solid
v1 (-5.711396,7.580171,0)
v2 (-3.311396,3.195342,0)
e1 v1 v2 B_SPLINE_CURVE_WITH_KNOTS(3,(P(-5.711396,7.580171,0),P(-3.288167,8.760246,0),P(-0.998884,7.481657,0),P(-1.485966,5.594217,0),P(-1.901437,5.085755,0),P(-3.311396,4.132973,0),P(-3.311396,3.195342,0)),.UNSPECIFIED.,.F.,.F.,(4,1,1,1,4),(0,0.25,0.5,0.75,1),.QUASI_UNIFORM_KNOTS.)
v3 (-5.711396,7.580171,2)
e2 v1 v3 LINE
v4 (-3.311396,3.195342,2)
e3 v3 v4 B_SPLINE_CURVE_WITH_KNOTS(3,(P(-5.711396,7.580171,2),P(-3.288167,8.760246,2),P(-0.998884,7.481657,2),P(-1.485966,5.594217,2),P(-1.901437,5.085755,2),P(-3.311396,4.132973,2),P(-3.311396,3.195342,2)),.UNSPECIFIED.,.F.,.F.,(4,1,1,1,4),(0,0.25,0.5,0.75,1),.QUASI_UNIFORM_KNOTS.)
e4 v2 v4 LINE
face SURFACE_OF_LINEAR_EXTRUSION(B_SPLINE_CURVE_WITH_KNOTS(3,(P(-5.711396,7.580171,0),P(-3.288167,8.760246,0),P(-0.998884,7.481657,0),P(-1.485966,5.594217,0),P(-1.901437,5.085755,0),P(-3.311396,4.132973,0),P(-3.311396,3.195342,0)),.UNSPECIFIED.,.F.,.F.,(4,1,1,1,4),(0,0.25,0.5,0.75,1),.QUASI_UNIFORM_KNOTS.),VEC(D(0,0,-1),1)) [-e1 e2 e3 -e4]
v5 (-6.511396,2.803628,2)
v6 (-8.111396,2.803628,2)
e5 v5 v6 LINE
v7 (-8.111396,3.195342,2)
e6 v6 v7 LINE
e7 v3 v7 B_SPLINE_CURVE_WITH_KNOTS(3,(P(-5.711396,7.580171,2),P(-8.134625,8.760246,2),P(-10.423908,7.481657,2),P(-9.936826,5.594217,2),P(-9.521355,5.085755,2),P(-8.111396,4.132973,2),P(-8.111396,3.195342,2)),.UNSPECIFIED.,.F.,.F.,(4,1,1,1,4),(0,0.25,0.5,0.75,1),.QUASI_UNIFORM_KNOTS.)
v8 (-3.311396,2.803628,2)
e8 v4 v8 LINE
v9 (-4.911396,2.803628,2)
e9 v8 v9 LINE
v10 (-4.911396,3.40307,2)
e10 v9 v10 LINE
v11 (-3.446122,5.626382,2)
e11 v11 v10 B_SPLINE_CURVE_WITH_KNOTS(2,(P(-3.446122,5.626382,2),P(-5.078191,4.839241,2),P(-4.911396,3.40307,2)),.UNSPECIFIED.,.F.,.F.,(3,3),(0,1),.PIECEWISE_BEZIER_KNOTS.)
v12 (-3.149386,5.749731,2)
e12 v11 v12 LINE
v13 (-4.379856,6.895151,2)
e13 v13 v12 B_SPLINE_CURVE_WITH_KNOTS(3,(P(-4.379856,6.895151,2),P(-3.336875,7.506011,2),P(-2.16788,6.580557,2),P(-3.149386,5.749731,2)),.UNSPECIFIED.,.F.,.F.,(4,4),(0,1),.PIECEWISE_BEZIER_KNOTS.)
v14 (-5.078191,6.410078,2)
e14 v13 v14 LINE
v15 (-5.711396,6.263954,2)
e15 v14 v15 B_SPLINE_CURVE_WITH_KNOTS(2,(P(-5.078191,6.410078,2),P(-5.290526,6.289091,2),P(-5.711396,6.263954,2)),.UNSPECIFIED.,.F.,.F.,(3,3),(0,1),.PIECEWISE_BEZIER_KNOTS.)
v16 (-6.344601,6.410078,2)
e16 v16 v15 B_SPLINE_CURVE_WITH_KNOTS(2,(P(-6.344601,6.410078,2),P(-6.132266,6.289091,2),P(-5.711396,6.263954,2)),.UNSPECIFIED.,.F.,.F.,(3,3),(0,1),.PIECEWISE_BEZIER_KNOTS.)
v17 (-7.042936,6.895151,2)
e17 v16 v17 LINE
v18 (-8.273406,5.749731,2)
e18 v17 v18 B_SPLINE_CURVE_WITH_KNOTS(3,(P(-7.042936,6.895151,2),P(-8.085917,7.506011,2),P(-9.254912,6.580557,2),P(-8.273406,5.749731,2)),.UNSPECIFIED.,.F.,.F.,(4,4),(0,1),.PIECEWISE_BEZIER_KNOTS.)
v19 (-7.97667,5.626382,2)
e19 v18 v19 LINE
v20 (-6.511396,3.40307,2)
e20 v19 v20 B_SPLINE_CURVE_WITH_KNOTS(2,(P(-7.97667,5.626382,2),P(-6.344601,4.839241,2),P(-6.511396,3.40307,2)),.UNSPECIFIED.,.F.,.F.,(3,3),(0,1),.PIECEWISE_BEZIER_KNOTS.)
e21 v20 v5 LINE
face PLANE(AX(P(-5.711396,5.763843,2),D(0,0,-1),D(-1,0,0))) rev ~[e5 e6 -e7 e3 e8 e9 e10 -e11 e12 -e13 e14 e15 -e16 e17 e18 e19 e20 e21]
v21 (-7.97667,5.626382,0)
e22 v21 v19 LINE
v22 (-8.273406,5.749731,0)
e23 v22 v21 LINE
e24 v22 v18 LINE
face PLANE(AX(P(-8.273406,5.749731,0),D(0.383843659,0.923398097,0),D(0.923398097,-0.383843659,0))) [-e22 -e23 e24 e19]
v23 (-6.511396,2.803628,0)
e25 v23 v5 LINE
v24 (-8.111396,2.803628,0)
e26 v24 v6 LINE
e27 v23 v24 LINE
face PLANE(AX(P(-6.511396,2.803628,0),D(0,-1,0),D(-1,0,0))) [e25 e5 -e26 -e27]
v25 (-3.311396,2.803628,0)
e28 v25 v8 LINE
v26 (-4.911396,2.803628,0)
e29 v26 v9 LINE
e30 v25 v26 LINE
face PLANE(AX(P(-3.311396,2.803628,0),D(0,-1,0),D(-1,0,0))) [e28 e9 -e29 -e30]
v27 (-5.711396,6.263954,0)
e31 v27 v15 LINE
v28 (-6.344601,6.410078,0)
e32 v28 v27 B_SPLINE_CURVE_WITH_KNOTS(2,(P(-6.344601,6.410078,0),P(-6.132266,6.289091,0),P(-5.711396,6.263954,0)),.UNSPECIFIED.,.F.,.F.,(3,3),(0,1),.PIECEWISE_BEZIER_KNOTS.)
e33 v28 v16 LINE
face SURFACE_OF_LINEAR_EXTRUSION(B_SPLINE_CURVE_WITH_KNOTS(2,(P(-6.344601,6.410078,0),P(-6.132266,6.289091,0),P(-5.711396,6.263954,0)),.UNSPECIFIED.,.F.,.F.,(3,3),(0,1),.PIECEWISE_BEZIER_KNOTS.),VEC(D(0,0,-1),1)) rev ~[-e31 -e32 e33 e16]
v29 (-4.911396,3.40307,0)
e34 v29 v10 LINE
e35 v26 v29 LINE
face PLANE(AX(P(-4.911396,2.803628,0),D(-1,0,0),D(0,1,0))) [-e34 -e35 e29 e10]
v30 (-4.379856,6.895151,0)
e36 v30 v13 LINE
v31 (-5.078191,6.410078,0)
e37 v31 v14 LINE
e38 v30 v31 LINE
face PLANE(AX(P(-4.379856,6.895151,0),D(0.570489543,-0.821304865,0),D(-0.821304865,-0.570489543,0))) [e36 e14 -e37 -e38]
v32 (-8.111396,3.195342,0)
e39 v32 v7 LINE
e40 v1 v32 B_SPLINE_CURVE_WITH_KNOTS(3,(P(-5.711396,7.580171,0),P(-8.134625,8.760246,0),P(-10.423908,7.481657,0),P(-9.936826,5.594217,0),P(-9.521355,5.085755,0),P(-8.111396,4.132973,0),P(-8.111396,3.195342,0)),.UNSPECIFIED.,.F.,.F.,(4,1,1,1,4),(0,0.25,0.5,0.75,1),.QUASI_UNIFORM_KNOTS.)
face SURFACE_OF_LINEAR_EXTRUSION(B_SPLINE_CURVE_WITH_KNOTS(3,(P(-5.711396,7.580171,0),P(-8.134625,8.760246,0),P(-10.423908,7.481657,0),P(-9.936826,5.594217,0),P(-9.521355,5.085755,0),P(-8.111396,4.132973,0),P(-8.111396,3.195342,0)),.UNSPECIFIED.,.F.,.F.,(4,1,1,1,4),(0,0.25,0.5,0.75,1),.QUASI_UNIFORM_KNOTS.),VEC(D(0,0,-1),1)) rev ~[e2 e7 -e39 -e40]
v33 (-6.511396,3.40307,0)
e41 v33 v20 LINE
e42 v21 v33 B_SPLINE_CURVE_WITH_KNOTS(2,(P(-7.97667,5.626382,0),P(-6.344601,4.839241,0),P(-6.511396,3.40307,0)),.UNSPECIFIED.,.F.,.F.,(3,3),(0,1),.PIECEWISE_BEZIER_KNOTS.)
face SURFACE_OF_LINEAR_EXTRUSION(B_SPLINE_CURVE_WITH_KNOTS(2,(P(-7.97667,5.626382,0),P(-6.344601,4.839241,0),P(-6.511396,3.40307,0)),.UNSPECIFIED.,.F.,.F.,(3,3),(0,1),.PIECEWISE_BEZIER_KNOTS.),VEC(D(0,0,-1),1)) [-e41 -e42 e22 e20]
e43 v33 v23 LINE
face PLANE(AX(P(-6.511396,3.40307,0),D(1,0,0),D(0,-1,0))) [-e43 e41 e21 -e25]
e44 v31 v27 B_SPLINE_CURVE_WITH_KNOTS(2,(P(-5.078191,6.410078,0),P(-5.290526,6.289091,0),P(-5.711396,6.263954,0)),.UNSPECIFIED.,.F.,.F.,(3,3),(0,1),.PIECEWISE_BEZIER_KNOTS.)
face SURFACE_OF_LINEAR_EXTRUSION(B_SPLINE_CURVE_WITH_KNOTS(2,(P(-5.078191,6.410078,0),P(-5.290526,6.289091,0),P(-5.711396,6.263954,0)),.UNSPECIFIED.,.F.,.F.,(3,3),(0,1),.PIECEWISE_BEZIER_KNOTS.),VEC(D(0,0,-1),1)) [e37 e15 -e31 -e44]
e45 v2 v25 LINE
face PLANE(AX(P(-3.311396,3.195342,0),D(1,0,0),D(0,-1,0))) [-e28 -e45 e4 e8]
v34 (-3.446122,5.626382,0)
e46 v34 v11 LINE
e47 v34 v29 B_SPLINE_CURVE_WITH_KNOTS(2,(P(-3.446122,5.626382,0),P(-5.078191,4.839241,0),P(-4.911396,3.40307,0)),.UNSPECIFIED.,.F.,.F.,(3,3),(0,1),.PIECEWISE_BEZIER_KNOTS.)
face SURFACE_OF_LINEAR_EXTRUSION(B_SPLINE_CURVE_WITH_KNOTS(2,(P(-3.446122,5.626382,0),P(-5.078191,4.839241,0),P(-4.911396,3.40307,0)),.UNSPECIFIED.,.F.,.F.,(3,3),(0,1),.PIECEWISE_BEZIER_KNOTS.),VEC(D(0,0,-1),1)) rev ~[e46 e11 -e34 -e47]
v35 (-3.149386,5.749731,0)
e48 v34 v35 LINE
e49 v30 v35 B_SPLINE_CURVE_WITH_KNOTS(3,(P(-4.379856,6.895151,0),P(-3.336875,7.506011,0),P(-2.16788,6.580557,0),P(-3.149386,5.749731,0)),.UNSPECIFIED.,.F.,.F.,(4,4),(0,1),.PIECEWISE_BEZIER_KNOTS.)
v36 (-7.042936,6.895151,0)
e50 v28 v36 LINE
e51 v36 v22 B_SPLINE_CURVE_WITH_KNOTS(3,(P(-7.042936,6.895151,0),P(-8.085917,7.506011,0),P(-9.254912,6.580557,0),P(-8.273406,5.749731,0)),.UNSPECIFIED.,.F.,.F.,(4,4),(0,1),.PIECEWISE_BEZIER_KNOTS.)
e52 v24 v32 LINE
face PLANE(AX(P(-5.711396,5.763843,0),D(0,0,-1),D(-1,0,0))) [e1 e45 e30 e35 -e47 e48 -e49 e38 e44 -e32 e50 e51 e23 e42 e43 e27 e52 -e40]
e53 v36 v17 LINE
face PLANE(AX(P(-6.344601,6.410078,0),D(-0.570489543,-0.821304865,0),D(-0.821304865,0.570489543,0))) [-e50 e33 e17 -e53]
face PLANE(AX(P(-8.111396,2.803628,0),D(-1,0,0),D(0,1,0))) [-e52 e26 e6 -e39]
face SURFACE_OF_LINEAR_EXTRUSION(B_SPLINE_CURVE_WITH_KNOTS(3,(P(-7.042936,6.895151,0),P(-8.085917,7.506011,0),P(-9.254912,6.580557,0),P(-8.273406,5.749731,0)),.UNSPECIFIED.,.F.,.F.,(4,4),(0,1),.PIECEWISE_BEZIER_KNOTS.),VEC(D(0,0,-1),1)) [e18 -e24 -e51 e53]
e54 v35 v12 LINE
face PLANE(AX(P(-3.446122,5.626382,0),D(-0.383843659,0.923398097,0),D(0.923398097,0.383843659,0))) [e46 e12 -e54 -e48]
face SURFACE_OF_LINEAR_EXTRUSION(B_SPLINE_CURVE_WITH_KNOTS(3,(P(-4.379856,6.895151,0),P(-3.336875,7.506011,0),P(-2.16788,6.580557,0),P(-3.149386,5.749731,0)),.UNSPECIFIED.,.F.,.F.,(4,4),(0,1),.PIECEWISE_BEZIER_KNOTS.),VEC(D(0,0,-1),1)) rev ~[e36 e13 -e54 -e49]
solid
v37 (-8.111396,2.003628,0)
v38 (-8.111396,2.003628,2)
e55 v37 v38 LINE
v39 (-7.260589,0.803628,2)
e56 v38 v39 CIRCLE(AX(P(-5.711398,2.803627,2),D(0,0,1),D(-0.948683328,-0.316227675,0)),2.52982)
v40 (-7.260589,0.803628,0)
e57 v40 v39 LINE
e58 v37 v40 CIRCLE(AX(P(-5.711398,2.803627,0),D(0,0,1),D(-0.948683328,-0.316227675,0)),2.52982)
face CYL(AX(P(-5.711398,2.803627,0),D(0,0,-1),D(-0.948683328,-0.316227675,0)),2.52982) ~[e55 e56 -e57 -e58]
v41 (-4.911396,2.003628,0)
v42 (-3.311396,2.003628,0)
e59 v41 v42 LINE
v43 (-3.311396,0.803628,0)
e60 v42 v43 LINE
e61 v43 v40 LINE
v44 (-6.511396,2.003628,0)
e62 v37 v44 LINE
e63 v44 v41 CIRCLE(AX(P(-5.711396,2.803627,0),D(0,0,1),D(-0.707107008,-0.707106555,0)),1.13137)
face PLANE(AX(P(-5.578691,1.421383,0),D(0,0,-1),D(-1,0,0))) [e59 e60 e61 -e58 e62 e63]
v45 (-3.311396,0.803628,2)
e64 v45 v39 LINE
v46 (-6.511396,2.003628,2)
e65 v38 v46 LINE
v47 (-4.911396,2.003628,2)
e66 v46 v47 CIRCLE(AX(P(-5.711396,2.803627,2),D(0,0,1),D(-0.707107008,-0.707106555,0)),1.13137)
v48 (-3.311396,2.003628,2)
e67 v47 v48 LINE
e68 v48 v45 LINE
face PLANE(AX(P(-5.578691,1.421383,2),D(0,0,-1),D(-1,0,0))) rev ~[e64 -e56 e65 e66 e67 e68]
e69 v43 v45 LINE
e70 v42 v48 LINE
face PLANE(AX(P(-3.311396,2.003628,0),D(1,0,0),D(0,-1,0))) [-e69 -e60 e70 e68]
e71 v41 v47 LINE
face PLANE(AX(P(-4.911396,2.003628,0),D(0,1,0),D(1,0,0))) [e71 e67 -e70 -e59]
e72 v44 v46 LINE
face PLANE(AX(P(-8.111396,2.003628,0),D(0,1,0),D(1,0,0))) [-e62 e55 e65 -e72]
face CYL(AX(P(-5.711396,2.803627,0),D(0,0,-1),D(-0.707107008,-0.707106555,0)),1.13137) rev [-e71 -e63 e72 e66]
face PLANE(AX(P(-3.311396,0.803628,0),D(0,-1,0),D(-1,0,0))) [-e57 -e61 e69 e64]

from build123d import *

# Parameters (mm, degrees)
EXTRUDE004_DEPTH = 2
EXTRUDE003_DEPTH = 2


with BuildPart() as yext:
    # Sketch007 → Extrude004 (new body)
    with BuildSketch(Plane.XY):
        with BuildLine():
            Line((-6.511396, 2.803628), (-8.111396, 2.803628))
            Line((-8.111396, 2.803628), (-8.111396, 3.195342))
            add(Edge.make_bspline(
                [(-5.711396, 7.580171), (-8.134625, 8.760246), (-10.423908, 7.481657), (-9.936826, 5.594217), (-9.521355, 5.085755), (-8.111396, 4.132973), (-8.111396, 3.195342)],
                knots=[0, 0, 0, 0, 0.25, 0.5, 0.75, 1, 1, 1, 1], degree=3))
            add(Edge.make_bspline(
                [(-5.711396, 7.580171), (-3.288167, 8.760246), (-0.998884, 7.481657), (-1.485966, 5.594217), (-1.901437, 5.085755), (-3.311396, 4.132973), (-3.311396, 3.195342)],
                knots=[0, 0, 0, 0, 0.25, 0.5, 0.75, 1, 1, 1, 1], degree=3))
            Line((-3.311396, 3.195342), (-3.311396, 2.803628))
            Line((-3.311396, 2.803628), (-4.911396, 2.803628))
            Line((-4.911396, 2.803628), (-4.911396, 3.40307))
            add(Edge.make_bspline(
                [(-3.446122, 5.626382), (-5.078191, 4.839241), (-4.911396, 3.40307)],
                knots=[0, 0, 0, 1, 1, 1], degree=2))
            Line((-3.446122, 5.626382), (-3.149386, 5.749731))
            add(Edge.make_bspline(
                [(-4.379856, 6.895151), (-3.336875, 7.506011), (-2.16788, 6.580557), (-3.149386, 5.749731)],
                knots=[0, 0, 0, 0, 1, 1, 1, 1], degree=3))
            Line((-4.379856, 6.895151), (-5.078191, 6.410078))
            add(Edge.make_bspline(
                [(-5.078191, 6.410078), (-5.290526, 6.289091), (-5.711396, 6.263954)],
                knots=[0, 0, 0, 1, 1, 1], degree=2))
            add(Edge.make_bspline(
                [(-6.344601, 6.410078), (-6.132266, 6.289091), (-5.711396, 6.263954)],
                knots=[0, 0, 0, 1, 1, 1], degree=2))
            Line((-6.344601, 6.410078), (-7.042936, 6.895151))
            add(Edge.make_bspline(
                [(-7.042936, 6.895151), (-8.085917, 7.506011), (-9.254912, 6.580557), (-8.273406, 5.749731)],
                knots=[0, 0, 0, 0, 1, 1, 1, 1], degree=3))
            Line((-8.273406, 5.749731), (-7.97667, 5.626382))
            add(Edge.make_bspline(
                [(-7.97667, 5.626382), (-6.344601, 4.839241), (-6.511396, 3.40307)],
                knots=[0, 0, 0, 1, 1, 1], degree=2))
            Line((-6.511396, 3.40307), (-6.511396, 2.803628))
        make_face()
    extrude(amount=EXTRUDE004_DEPTH)


with BuildPart() as ylogoext:
    # Sketch005 → Extrude003 (new body)
    with BuildSketch(Plane.XY):
        with BuildLine():
            Line((-8.111396, 2.003628), (-6.511396, 2.003628))
            ThreePointArc((-6.511396, 2.003628), (-5.711396, 1.672257), (-4.911396, 2.003628))
            Line((-4.911396, 2.003628), (-3.311396, 2.003628))
            Line((-3.311396, 2.003628), (-3.311396, 0.803628))
            Line((-3.311396, 0.803628), (-7.260589, 0.803628))
            ThreePointArc((-8.111396, 2.003628), (-7.775138, 1.340423), (-7.260589, 0.803628))
        make_face()
    extrude(amount=EXTRUDE003_DEPTH)

    # Fusion001: union YExt
    add(yext.part)


solid = ylogoext.part
